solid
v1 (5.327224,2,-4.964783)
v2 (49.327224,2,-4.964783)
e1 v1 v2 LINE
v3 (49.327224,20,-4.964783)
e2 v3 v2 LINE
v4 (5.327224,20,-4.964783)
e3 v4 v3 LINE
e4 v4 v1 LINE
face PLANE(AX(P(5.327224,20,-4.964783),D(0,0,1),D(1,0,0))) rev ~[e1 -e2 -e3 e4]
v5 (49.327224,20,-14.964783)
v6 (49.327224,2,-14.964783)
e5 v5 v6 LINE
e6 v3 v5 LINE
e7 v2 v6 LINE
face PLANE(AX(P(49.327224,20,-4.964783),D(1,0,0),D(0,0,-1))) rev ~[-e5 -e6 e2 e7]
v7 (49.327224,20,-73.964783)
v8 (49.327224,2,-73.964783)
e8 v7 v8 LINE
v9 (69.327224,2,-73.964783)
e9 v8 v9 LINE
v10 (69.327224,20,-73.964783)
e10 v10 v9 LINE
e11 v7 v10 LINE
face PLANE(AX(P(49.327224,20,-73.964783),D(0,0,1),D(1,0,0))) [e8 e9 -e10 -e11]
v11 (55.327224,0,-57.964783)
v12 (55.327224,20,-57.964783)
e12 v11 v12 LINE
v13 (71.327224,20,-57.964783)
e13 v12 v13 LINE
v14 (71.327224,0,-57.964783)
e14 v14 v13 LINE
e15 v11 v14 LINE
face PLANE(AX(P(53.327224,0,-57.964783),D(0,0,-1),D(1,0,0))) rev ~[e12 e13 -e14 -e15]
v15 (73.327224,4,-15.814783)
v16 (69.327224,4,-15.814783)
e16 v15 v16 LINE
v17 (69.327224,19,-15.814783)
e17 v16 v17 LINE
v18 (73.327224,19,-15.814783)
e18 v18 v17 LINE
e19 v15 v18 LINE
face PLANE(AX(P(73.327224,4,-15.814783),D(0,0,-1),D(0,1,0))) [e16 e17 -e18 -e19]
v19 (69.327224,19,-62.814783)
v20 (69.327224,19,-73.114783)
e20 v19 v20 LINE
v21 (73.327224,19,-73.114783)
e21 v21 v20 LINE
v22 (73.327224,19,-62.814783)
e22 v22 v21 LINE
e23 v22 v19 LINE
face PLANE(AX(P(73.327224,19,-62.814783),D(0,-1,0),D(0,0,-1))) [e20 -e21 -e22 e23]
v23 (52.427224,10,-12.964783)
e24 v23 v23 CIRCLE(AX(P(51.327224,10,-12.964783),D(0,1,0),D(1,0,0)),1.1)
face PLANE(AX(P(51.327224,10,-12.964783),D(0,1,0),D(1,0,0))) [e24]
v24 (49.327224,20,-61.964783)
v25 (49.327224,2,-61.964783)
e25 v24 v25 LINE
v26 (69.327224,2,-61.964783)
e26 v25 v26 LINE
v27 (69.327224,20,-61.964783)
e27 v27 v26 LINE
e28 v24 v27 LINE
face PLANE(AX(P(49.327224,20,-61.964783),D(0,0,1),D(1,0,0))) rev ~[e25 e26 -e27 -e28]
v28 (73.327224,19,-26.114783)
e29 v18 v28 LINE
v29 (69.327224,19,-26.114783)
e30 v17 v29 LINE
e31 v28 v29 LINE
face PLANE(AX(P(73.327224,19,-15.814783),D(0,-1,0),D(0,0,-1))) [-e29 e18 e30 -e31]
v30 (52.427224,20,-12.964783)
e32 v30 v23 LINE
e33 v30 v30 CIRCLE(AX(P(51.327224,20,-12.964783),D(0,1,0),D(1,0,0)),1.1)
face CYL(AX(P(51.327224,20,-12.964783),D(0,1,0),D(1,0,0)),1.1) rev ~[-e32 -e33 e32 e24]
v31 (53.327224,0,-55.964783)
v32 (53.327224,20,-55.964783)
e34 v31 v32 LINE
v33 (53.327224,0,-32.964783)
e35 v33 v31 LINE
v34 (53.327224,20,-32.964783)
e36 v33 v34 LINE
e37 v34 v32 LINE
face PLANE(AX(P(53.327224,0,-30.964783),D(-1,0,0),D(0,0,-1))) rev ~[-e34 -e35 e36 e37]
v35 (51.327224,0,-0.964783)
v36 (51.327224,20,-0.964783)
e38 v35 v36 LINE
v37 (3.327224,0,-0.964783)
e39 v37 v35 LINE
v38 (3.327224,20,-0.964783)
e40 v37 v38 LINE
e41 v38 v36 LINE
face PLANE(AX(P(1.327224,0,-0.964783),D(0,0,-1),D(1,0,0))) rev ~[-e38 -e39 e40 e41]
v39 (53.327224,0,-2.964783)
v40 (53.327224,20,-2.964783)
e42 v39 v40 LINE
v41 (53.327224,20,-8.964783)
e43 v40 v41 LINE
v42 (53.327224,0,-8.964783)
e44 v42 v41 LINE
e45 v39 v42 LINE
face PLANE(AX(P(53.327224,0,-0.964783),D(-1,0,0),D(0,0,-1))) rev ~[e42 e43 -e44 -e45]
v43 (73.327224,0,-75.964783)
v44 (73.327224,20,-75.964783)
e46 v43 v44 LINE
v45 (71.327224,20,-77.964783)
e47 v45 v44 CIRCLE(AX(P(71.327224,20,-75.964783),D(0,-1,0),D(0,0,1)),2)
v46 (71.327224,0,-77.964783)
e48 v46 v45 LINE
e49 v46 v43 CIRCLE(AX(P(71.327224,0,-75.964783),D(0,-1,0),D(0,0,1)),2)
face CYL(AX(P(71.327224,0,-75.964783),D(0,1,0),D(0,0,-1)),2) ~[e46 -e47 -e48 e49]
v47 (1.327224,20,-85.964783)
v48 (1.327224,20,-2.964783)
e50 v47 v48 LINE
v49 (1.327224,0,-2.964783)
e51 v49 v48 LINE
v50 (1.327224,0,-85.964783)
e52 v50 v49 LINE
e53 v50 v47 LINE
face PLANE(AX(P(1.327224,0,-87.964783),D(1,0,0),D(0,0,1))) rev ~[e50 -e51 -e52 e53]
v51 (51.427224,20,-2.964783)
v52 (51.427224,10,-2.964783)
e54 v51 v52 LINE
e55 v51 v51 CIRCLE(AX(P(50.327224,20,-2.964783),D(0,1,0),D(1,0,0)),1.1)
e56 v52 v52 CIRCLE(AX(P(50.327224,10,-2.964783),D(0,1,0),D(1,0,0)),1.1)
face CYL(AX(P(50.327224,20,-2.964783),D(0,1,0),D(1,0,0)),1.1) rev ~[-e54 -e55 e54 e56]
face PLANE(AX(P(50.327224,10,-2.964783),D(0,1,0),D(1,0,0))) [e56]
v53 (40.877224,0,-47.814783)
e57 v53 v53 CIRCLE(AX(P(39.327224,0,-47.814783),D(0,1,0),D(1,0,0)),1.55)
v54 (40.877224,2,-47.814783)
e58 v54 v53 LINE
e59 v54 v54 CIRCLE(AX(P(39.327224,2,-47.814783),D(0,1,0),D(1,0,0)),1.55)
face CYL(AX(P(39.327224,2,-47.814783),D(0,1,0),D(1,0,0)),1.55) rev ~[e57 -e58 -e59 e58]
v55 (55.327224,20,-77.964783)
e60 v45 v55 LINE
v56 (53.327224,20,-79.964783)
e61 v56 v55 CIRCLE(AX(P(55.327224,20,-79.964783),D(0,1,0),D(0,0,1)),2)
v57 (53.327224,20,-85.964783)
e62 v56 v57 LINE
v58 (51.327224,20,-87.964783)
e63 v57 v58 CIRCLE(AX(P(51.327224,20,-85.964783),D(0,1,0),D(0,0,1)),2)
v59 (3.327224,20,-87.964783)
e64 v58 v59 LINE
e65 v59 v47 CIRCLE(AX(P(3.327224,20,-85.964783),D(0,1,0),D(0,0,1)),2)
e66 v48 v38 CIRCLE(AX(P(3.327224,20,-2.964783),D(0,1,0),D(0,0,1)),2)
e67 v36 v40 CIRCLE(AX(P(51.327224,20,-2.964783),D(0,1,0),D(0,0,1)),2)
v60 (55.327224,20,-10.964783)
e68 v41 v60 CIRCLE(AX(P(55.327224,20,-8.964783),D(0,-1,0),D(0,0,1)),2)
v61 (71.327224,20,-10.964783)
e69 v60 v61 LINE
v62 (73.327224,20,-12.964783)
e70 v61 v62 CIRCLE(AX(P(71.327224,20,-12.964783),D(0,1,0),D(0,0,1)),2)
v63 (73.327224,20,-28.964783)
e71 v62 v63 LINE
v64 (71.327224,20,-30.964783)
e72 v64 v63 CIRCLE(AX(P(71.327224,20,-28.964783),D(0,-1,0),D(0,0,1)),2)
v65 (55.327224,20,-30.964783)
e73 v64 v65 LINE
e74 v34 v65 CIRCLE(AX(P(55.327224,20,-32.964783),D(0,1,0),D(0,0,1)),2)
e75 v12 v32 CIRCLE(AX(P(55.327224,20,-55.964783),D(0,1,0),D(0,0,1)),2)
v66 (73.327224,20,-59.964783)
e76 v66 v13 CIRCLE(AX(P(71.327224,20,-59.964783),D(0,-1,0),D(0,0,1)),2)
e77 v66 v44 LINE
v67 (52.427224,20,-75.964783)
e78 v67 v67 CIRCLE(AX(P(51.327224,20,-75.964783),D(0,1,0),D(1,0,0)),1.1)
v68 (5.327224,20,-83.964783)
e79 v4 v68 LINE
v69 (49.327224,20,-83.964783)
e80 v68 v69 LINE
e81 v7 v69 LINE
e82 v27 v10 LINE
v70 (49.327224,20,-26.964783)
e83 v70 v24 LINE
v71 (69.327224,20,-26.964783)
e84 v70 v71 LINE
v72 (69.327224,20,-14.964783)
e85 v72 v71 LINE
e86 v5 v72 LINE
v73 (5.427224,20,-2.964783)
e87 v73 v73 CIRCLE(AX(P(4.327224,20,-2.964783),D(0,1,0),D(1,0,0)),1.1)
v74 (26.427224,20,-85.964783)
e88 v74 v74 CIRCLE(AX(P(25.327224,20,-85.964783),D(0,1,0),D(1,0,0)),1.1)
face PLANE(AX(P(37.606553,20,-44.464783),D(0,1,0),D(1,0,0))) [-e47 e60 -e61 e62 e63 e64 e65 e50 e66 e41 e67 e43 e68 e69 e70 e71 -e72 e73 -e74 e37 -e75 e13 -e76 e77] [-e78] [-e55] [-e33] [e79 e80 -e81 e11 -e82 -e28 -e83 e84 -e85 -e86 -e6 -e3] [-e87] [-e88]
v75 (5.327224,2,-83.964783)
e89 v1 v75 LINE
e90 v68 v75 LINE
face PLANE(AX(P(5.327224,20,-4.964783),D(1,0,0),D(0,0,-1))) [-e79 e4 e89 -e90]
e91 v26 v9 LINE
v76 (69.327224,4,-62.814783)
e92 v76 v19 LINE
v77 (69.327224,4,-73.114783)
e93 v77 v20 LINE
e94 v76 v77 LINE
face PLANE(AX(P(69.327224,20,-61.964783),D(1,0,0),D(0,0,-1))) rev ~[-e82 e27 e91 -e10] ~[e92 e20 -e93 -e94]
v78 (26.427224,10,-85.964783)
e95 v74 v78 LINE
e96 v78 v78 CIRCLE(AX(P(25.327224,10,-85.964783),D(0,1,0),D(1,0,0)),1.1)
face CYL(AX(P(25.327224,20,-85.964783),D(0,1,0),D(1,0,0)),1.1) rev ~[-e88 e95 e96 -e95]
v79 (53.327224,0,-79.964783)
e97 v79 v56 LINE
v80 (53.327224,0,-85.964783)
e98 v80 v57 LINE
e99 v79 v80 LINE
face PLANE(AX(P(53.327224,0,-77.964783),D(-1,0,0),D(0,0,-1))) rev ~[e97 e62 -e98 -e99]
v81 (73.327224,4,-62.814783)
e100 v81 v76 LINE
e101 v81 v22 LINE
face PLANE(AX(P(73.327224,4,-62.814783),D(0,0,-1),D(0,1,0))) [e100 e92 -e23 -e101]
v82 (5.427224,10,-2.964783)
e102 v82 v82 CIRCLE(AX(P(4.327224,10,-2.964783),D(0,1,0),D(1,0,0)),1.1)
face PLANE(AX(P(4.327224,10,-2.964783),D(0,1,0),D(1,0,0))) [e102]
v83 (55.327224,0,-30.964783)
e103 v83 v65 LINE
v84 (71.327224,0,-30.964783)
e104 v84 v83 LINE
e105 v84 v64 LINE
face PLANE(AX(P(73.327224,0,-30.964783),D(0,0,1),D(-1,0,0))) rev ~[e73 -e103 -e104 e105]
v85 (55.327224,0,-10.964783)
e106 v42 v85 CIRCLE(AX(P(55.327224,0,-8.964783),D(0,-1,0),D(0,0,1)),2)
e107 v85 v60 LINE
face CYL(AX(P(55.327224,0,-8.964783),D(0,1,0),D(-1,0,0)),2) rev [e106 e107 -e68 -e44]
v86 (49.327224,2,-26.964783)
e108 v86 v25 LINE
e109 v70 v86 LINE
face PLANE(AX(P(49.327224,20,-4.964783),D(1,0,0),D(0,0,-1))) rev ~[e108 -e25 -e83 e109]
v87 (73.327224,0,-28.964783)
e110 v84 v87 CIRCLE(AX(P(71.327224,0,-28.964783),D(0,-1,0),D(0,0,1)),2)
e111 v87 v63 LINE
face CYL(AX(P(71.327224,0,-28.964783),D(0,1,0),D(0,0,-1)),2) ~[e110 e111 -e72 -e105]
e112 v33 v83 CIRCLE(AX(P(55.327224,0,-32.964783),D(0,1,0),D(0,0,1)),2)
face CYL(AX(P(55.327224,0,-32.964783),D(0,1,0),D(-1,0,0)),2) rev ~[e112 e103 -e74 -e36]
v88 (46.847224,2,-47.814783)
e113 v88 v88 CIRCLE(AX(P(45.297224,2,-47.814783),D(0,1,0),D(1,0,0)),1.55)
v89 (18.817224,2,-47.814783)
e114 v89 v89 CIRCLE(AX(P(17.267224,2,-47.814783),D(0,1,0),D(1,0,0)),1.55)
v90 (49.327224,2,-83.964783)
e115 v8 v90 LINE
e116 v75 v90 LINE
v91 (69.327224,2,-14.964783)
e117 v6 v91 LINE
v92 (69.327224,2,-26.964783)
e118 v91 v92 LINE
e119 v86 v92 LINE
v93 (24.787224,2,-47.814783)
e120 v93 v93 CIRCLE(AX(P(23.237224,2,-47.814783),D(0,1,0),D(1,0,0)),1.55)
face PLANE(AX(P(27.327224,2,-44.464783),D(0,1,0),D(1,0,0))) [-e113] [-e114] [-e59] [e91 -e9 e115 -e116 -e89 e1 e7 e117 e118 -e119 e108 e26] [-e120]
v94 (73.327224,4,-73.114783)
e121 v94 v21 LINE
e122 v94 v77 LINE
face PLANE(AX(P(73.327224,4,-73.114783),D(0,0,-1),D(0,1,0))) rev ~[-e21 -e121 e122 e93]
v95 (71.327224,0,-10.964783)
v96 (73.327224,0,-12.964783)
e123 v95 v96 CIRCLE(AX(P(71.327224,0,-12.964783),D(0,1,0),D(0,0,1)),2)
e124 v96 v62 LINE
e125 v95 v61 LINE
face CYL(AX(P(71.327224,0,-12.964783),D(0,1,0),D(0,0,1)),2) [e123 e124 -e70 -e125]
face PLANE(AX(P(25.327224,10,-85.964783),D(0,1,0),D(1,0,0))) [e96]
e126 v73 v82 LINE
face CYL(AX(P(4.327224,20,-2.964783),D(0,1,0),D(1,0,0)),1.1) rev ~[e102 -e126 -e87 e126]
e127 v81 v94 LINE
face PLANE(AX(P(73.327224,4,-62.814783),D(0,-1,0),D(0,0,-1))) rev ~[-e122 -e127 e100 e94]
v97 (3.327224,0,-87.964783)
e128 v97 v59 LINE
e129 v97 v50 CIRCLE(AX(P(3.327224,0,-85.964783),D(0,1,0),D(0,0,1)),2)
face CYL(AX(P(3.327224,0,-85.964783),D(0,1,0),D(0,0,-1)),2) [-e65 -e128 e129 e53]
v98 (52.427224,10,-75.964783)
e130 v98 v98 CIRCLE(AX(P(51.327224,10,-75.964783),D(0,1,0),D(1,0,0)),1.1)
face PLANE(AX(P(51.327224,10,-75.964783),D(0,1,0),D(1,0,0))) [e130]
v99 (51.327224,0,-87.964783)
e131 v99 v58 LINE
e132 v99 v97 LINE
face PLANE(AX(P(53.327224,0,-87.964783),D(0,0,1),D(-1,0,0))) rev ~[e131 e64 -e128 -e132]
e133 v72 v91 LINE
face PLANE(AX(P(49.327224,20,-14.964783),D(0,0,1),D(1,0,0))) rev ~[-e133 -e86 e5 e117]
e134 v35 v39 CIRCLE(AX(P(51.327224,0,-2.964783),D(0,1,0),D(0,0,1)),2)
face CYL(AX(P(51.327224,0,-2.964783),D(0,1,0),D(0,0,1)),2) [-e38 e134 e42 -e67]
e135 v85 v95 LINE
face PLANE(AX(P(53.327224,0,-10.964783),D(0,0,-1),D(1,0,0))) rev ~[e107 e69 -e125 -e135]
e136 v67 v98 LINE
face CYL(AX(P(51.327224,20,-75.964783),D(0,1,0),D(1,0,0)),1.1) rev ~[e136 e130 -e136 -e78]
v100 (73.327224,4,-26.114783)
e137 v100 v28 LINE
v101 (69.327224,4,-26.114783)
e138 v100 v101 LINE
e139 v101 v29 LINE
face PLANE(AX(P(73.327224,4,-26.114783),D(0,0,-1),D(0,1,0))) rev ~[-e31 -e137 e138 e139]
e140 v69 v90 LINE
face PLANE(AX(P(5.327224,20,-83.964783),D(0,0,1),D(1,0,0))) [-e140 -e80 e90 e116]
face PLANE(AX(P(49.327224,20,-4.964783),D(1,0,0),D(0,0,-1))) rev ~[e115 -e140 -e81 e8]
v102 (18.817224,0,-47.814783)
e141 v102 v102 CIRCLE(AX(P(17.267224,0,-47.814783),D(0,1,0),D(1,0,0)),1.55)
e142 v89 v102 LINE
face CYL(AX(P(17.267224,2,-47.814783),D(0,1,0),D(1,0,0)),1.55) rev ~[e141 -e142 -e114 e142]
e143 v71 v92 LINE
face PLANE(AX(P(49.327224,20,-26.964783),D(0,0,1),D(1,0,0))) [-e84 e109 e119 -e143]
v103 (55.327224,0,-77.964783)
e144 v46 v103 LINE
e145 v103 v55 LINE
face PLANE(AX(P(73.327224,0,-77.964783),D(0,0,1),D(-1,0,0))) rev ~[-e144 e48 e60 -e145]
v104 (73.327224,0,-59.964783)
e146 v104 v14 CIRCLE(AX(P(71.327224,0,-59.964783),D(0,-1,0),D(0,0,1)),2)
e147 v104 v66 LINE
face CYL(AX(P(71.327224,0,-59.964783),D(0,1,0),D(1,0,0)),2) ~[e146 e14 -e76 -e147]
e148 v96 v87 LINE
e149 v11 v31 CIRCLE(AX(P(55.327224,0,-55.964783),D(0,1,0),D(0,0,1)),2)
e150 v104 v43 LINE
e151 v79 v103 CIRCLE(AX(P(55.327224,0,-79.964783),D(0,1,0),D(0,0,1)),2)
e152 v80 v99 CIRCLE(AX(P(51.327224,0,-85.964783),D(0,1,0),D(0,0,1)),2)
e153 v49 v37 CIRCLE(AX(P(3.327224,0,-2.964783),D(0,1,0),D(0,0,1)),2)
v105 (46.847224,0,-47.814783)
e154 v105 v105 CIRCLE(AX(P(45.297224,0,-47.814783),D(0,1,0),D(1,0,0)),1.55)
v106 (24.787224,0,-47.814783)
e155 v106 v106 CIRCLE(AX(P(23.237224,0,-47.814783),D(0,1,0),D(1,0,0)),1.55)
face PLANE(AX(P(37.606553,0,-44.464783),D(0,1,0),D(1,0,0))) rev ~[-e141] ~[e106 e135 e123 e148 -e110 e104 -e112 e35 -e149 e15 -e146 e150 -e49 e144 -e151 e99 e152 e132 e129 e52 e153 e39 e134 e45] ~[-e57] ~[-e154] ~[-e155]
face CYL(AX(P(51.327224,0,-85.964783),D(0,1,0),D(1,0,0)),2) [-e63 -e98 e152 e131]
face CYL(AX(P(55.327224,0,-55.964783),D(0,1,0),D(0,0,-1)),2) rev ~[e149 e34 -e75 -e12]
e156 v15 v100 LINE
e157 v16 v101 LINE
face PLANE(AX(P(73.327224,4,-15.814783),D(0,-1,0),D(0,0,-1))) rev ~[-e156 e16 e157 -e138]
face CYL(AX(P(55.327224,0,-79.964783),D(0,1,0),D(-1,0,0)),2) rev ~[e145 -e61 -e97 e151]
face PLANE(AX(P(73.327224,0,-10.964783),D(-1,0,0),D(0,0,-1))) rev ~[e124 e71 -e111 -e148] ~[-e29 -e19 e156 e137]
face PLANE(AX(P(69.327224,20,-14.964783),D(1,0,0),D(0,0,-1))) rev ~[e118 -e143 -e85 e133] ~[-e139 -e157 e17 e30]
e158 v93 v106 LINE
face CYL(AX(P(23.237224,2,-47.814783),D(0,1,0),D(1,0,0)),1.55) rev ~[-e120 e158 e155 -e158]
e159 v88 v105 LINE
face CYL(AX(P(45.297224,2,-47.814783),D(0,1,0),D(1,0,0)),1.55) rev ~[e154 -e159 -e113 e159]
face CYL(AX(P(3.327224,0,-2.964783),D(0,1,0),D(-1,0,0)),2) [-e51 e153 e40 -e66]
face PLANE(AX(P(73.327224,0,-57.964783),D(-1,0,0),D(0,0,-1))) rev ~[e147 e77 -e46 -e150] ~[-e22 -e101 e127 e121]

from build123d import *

# Parameters (mm, degrees)
BOSS_EXTRUDE1_DEPTH = 20
SKETCH2_W           = 44
SKETCH2_H           = 79
CUT_EXTRUDE1_DEPTH  = 18
SKETCH3_W           = 20
SKETCH3_H           = 12
CUT_EXTRUDE2_DEPTH  = 18
SKETCH4_R           = 1.1
CUT_EXTRUDE3_DEPTH  = 10
SKETCH5_R           = 1.1
CUT_EXTRUDE4_DEPTH  = 10
SKETCH6_W           = 10.3
SKETCH6_H           = 15
CUT_EXTRUDE5_DEPTH  = 6
SKETCH7_R           = 1.55
CUT_EXTRUDE6_DEPTH  = 6
FILLET1_R           = 2


with BuildPart() as part:
    # Sketch1 → Boss-Extrude1 (new body)
    with BuildSketch(Plane(origin=(0, 0, 0), x_dir=(1, 0, 0), z_dir=(0, 1, 0))):
        Polygon((53.327223789, 77.96478334), (53.327223789, 87.96478334), (1.327223789, 87.96478334), (1.327223789, 0.96478334), (53.327223789, 0.96478334), (53.327223789, 10.96478334), (73.327223789, 10.96478334), (73.327223789, 30.96478334), (53.327223789, 30.96478334), (53.327223789, 57.96478334), (73.327223789, 57.96478334), (73.327223789, 77.96478334), align=None)
    extrude(amount=BOSS_EXTRUDE1_DEPTH)

    # Sketch2 → Cut-Extrude1 (cut)
    with BuildSketch(Plane(origin=(0, 20, 0), x_dir=(1, 0, 0), z_dir=(0, 1, 0))):
        with Locations((27.327223789, 44.46478334)):
            Rectangle(SKETCH2_W, SKETCH2_H)
    extrude(amount=-CUT_EXTRUDE1_DEPTH, mode=Mode.SUBTRACT)

    # Sketch3 → Cut-Extrude2 (cut)
    with BuildSketch(Plane(origin=(0, 20, 0), x_dir=(1, 0, 0), z_dir=(0, 1, 0))):
        with Locations((59.327223789, 67.96478334)):
            Rectangle(SKETCH3_W, SKETCH3_H)
        with Locations((59.327223789, 20.96478334)):
            Rectangle(SKETCH3_W, SKETCH3_H)
    extrude(amount=-CUT_EXTRUDE2_DEPTH, mode=Mode.SUBTRACT)

    # Sketch4 → Cut-Extrude3 (cut)
    with BuildSketch(Plane(origin=(0, 20, 0), x_dir=(1, 0, 0), z_dir=(0, 1, 0))):
        with Locations((4.327223789, 2.96478334)):
            Circle(SKETCH4_R)
        with Locations((50.327223789, 2.96478334)):
            Circle(SKETCH4_R)
        with Locations((25.327223789, 85.96478334)):
            Circle(SKETCH4_R)
    extrude(amount=-CUT_EXTRUDE3_DEPTH, mode=Mode.SUBTRACT)

    # Sketch5 → Cut-Extrude4 (cut)
    with BuildSketch(Plane(origin=(0, 20, 0), x_dir=(1, 0, 0), z_dir=(0, 1, 0))):
        with Locations((51.327223789, 12.96478334)):
            Circle(SKETCH5_R)
        with Locations((51.327223789, 75.96478334)):
            Circle(SKETCH5_R)
    extrude(amount=-CUT_EXTRUDE4_DEPTH, mode=Mode.SUBTRACT)

    # Sketch6 → Cut-Extrude5 (cut)
    with BuildSketch(Plane(origin=(73.327223789, 0, 0), x_dir=(0, 0, -1), z_dir=(1, 0, 0))):
        with Locations((67.96478334, 11.5)):
            Rectangle(SKETCH6_W, SKETCH6_H)
        with Locations((20.96478334, 11.5)):
            Rectangle(SKETCH6_W, SKETCH6_H)
    extrude(amount=-CUT_EXTRUDE5_DEPTH, mode=Mode.SUBTRACT)

    # Sketch7 → Cut-Extrude6 (cut)
    with BuildSketch(Plane(origin=(0, 2, 0), x_dir=(1, 0, 0), z_dir=(0, 1, 0))):
        with Locations((45.297223789, 47.81478334)):
            Circle(SKETCH7_R)
        with Locations((23.237223789, 47.81478334)):
            Circle(SKETCH7_R)
        with Locations((39.327223789, 47.81478334)):
            Circle(SKETCH7_R)
        with Locations((17.267223789, 47.81478334)):
            Circle(SKETCH7_R)
    extrude(amount=-CUT_EXTRUDE6_DEPTH, mode=Mode.SUBTRACT)

    # Fillet1
    fillet1_edges = [part.edges().sort_by_distance(p)[0] for p in [
        (1.327223789, 10, -87.96478334),
        (53.327223789, 10, -87.96478334),
        (53.327223789, 10, -77.96478334),
        (73.327223789, 10, -77.96478334),
        (73.327223789, 10, -57.96478334),
        (53.327223789, 10, -57.96478334),
        (53.327223789, 10, -30.96478334),
        (73.327223789, 10, -30.96478334),
        (73.327223789, 10, -10.96478334),
        (53.327223789, 10, -10.96478334),
        (53.327223789, 10, -0.96478334),
        (1.327223789, 10, -0.96478334),
    ]]
    fillet(fillet1_edges, radius=FILLET1_R)


solid = part.part
